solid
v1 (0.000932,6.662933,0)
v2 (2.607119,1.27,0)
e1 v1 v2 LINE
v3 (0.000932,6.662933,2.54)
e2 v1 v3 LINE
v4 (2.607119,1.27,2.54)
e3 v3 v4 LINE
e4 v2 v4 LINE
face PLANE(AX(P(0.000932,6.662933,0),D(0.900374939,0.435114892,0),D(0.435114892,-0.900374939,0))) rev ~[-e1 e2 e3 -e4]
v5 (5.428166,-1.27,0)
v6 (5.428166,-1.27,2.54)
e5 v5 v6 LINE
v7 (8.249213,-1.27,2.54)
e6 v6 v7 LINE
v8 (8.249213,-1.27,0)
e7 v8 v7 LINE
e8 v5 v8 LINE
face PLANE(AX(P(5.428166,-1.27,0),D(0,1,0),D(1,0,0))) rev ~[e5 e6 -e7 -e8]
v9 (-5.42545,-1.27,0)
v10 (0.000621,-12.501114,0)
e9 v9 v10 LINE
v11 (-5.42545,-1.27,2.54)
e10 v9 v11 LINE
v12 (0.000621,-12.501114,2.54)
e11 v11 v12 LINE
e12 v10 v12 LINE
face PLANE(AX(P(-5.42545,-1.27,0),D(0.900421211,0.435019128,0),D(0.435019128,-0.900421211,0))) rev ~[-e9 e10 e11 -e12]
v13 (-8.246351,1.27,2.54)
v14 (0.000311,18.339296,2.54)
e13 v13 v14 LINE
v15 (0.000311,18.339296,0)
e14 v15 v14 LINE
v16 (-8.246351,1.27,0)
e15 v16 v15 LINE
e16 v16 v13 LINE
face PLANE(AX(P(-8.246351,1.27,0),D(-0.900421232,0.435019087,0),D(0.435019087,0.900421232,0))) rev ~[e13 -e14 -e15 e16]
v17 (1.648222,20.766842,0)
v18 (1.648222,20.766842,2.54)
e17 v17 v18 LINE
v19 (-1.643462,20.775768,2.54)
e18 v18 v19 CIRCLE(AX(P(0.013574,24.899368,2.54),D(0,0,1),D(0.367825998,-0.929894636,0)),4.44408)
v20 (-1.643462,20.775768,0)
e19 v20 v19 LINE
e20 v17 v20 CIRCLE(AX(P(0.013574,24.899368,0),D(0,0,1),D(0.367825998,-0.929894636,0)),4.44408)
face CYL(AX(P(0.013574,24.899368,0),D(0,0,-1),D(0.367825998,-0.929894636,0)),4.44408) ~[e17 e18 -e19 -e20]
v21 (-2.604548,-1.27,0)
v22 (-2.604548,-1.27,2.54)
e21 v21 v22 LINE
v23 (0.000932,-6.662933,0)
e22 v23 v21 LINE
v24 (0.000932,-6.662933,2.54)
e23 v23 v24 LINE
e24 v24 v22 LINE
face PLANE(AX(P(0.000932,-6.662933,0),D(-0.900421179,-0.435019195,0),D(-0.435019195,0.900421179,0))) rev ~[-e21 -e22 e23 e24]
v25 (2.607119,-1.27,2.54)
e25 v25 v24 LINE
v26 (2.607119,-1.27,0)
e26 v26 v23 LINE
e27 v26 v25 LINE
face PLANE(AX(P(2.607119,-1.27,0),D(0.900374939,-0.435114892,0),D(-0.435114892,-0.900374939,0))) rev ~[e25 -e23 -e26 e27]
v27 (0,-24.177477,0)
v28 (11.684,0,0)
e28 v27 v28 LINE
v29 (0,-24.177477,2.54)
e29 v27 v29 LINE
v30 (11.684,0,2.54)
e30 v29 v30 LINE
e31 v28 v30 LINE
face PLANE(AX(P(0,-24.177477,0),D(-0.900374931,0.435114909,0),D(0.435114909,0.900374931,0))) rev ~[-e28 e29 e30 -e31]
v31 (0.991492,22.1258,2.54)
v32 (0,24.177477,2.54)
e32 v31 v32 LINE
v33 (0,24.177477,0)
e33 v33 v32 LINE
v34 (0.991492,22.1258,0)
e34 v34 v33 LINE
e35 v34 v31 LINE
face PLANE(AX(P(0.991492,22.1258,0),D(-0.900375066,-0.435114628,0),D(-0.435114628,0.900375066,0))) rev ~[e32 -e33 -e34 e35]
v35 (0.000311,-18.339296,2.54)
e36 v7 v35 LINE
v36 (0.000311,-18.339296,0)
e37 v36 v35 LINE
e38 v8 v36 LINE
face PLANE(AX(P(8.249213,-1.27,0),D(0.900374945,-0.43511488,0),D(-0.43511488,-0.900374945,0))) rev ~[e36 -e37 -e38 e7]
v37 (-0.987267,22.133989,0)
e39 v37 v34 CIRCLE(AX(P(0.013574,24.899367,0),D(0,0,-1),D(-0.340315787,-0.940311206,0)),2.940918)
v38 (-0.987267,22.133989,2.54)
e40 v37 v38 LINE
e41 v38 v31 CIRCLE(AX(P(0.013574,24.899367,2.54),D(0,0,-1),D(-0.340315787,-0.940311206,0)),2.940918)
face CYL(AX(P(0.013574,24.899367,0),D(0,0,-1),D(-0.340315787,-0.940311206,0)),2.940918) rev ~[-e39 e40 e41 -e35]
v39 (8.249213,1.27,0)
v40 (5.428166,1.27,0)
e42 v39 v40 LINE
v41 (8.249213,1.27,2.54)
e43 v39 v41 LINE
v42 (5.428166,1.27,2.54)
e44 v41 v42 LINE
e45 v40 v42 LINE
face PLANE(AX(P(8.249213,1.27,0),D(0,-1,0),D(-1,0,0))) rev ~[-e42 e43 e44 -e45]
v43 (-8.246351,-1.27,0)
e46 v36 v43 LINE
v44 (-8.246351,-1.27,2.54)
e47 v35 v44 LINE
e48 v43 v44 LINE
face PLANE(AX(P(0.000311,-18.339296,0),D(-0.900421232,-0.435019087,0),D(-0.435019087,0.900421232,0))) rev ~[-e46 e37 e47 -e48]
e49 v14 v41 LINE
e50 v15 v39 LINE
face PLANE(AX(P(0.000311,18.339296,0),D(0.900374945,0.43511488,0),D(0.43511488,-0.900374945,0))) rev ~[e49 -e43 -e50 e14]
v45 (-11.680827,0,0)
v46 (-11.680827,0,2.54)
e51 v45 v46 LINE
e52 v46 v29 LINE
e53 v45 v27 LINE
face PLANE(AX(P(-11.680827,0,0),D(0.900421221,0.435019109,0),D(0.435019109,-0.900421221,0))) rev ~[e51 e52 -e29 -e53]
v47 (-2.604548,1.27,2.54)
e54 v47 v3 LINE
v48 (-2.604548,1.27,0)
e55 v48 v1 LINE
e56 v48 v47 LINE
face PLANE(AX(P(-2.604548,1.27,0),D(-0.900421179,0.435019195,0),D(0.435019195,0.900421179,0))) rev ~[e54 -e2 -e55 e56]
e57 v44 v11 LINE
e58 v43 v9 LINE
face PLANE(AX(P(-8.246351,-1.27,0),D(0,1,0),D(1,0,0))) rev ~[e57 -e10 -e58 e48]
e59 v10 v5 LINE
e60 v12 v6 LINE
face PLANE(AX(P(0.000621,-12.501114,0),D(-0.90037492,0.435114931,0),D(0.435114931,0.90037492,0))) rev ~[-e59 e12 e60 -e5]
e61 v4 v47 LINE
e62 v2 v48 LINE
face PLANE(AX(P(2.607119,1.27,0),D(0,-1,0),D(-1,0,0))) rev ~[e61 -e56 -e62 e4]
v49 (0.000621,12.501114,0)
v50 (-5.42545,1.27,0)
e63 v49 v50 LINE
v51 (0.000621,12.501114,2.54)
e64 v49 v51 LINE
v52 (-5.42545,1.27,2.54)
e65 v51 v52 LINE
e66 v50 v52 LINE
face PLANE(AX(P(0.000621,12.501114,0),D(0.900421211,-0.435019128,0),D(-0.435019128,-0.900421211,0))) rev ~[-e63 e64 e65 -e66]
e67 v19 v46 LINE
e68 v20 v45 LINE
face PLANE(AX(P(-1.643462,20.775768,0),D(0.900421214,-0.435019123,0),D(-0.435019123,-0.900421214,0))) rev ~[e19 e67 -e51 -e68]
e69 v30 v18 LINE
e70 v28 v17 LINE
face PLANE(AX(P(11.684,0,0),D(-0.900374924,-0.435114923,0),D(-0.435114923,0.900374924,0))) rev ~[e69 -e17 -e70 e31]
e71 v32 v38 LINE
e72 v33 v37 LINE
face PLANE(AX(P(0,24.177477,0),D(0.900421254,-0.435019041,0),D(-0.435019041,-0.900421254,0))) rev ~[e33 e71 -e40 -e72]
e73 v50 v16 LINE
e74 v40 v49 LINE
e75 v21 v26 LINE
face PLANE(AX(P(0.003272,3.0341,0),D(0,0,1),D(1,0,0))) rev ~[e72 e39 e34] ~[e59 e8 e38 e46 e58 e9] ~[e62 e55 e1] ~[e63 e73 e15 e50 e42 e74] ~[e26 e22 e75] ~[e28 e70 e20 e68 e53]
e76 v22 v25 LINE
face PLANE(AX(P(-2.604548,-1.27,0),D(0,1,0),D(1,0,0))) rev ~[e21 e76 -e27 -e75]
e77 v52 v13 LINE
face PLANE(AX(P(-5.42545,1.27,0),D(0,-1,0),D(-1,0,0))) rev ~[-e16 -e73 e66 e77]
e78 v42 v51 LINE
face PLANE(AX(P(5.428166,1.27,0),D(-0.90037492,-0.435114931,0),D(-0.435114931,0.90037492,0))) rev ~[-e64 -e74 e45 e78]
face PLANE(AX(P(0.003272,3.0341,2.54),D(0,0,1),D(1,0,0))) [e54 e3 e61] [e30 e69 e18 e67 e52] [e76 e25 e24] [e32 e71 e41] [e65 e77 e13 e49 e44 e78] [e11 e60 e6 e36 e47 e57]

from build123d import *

# Parameters (mm, degrees)
F1_DEPTH = 2.54


with BuildPart() as f1:
    # F0 (on Top) → F1 (new body)
    with BuildSketch(Plane.XY):
        with BuildLine():
            Line((-1.643462, 20.775768), (-11.680827, 0))
            Line((-11.680827, 0), (0, -24.177477))
            Line((0, -24.177477), (11.684, 0))
            Line((11.684, 0), (1.648222, 20.766842))
            ThreePointArc((1.648222, 20.766842), (0.025625, 29.343431), (-1.643462, 20.775768))
        make_face()
        Polygon((0.000311, -18.339296), (-8.246351, -1.27), (-5.42545, -1.27), (0.000621, -12.501114), (5.428166, -1.27), (8.249213, -1.27), align=None, mode=Mode.SUBTRACT)
        Polygon((0.000932, -6.662933), (-2.604548, -1.27), (2.607119, -1.27), align=None, mode=Mode.SUBTRACT)
        Polygon((-2.604548, 1.27), (0.000932, 6.662933), (2.607119, 1.27), align=None, mode=Mode.SUBTRACT)
        Polygon((-8.246351, 1.27), (0.000311, 18.339296), (8.249213, 1.27), (5.428166, 1.27), (0.000621, 12.501114), (-5.42545, 1.27), align=None, mode=Mode.SUBTRACT)
        with BuildLine():
            Line((0.991492, 22.1258), (0, 24.177477))
            Line((0, 24.177477), (-0.987267, 22.133989))
            ThreePointArc((-0.987267, 22.133989), (0.025745, 27.84026), (0.991492, 22.1258))
        make_face(mode=Mode.SUBTRACT)
    extrude(amount=F1_DEPTH)


solid = f1.part
